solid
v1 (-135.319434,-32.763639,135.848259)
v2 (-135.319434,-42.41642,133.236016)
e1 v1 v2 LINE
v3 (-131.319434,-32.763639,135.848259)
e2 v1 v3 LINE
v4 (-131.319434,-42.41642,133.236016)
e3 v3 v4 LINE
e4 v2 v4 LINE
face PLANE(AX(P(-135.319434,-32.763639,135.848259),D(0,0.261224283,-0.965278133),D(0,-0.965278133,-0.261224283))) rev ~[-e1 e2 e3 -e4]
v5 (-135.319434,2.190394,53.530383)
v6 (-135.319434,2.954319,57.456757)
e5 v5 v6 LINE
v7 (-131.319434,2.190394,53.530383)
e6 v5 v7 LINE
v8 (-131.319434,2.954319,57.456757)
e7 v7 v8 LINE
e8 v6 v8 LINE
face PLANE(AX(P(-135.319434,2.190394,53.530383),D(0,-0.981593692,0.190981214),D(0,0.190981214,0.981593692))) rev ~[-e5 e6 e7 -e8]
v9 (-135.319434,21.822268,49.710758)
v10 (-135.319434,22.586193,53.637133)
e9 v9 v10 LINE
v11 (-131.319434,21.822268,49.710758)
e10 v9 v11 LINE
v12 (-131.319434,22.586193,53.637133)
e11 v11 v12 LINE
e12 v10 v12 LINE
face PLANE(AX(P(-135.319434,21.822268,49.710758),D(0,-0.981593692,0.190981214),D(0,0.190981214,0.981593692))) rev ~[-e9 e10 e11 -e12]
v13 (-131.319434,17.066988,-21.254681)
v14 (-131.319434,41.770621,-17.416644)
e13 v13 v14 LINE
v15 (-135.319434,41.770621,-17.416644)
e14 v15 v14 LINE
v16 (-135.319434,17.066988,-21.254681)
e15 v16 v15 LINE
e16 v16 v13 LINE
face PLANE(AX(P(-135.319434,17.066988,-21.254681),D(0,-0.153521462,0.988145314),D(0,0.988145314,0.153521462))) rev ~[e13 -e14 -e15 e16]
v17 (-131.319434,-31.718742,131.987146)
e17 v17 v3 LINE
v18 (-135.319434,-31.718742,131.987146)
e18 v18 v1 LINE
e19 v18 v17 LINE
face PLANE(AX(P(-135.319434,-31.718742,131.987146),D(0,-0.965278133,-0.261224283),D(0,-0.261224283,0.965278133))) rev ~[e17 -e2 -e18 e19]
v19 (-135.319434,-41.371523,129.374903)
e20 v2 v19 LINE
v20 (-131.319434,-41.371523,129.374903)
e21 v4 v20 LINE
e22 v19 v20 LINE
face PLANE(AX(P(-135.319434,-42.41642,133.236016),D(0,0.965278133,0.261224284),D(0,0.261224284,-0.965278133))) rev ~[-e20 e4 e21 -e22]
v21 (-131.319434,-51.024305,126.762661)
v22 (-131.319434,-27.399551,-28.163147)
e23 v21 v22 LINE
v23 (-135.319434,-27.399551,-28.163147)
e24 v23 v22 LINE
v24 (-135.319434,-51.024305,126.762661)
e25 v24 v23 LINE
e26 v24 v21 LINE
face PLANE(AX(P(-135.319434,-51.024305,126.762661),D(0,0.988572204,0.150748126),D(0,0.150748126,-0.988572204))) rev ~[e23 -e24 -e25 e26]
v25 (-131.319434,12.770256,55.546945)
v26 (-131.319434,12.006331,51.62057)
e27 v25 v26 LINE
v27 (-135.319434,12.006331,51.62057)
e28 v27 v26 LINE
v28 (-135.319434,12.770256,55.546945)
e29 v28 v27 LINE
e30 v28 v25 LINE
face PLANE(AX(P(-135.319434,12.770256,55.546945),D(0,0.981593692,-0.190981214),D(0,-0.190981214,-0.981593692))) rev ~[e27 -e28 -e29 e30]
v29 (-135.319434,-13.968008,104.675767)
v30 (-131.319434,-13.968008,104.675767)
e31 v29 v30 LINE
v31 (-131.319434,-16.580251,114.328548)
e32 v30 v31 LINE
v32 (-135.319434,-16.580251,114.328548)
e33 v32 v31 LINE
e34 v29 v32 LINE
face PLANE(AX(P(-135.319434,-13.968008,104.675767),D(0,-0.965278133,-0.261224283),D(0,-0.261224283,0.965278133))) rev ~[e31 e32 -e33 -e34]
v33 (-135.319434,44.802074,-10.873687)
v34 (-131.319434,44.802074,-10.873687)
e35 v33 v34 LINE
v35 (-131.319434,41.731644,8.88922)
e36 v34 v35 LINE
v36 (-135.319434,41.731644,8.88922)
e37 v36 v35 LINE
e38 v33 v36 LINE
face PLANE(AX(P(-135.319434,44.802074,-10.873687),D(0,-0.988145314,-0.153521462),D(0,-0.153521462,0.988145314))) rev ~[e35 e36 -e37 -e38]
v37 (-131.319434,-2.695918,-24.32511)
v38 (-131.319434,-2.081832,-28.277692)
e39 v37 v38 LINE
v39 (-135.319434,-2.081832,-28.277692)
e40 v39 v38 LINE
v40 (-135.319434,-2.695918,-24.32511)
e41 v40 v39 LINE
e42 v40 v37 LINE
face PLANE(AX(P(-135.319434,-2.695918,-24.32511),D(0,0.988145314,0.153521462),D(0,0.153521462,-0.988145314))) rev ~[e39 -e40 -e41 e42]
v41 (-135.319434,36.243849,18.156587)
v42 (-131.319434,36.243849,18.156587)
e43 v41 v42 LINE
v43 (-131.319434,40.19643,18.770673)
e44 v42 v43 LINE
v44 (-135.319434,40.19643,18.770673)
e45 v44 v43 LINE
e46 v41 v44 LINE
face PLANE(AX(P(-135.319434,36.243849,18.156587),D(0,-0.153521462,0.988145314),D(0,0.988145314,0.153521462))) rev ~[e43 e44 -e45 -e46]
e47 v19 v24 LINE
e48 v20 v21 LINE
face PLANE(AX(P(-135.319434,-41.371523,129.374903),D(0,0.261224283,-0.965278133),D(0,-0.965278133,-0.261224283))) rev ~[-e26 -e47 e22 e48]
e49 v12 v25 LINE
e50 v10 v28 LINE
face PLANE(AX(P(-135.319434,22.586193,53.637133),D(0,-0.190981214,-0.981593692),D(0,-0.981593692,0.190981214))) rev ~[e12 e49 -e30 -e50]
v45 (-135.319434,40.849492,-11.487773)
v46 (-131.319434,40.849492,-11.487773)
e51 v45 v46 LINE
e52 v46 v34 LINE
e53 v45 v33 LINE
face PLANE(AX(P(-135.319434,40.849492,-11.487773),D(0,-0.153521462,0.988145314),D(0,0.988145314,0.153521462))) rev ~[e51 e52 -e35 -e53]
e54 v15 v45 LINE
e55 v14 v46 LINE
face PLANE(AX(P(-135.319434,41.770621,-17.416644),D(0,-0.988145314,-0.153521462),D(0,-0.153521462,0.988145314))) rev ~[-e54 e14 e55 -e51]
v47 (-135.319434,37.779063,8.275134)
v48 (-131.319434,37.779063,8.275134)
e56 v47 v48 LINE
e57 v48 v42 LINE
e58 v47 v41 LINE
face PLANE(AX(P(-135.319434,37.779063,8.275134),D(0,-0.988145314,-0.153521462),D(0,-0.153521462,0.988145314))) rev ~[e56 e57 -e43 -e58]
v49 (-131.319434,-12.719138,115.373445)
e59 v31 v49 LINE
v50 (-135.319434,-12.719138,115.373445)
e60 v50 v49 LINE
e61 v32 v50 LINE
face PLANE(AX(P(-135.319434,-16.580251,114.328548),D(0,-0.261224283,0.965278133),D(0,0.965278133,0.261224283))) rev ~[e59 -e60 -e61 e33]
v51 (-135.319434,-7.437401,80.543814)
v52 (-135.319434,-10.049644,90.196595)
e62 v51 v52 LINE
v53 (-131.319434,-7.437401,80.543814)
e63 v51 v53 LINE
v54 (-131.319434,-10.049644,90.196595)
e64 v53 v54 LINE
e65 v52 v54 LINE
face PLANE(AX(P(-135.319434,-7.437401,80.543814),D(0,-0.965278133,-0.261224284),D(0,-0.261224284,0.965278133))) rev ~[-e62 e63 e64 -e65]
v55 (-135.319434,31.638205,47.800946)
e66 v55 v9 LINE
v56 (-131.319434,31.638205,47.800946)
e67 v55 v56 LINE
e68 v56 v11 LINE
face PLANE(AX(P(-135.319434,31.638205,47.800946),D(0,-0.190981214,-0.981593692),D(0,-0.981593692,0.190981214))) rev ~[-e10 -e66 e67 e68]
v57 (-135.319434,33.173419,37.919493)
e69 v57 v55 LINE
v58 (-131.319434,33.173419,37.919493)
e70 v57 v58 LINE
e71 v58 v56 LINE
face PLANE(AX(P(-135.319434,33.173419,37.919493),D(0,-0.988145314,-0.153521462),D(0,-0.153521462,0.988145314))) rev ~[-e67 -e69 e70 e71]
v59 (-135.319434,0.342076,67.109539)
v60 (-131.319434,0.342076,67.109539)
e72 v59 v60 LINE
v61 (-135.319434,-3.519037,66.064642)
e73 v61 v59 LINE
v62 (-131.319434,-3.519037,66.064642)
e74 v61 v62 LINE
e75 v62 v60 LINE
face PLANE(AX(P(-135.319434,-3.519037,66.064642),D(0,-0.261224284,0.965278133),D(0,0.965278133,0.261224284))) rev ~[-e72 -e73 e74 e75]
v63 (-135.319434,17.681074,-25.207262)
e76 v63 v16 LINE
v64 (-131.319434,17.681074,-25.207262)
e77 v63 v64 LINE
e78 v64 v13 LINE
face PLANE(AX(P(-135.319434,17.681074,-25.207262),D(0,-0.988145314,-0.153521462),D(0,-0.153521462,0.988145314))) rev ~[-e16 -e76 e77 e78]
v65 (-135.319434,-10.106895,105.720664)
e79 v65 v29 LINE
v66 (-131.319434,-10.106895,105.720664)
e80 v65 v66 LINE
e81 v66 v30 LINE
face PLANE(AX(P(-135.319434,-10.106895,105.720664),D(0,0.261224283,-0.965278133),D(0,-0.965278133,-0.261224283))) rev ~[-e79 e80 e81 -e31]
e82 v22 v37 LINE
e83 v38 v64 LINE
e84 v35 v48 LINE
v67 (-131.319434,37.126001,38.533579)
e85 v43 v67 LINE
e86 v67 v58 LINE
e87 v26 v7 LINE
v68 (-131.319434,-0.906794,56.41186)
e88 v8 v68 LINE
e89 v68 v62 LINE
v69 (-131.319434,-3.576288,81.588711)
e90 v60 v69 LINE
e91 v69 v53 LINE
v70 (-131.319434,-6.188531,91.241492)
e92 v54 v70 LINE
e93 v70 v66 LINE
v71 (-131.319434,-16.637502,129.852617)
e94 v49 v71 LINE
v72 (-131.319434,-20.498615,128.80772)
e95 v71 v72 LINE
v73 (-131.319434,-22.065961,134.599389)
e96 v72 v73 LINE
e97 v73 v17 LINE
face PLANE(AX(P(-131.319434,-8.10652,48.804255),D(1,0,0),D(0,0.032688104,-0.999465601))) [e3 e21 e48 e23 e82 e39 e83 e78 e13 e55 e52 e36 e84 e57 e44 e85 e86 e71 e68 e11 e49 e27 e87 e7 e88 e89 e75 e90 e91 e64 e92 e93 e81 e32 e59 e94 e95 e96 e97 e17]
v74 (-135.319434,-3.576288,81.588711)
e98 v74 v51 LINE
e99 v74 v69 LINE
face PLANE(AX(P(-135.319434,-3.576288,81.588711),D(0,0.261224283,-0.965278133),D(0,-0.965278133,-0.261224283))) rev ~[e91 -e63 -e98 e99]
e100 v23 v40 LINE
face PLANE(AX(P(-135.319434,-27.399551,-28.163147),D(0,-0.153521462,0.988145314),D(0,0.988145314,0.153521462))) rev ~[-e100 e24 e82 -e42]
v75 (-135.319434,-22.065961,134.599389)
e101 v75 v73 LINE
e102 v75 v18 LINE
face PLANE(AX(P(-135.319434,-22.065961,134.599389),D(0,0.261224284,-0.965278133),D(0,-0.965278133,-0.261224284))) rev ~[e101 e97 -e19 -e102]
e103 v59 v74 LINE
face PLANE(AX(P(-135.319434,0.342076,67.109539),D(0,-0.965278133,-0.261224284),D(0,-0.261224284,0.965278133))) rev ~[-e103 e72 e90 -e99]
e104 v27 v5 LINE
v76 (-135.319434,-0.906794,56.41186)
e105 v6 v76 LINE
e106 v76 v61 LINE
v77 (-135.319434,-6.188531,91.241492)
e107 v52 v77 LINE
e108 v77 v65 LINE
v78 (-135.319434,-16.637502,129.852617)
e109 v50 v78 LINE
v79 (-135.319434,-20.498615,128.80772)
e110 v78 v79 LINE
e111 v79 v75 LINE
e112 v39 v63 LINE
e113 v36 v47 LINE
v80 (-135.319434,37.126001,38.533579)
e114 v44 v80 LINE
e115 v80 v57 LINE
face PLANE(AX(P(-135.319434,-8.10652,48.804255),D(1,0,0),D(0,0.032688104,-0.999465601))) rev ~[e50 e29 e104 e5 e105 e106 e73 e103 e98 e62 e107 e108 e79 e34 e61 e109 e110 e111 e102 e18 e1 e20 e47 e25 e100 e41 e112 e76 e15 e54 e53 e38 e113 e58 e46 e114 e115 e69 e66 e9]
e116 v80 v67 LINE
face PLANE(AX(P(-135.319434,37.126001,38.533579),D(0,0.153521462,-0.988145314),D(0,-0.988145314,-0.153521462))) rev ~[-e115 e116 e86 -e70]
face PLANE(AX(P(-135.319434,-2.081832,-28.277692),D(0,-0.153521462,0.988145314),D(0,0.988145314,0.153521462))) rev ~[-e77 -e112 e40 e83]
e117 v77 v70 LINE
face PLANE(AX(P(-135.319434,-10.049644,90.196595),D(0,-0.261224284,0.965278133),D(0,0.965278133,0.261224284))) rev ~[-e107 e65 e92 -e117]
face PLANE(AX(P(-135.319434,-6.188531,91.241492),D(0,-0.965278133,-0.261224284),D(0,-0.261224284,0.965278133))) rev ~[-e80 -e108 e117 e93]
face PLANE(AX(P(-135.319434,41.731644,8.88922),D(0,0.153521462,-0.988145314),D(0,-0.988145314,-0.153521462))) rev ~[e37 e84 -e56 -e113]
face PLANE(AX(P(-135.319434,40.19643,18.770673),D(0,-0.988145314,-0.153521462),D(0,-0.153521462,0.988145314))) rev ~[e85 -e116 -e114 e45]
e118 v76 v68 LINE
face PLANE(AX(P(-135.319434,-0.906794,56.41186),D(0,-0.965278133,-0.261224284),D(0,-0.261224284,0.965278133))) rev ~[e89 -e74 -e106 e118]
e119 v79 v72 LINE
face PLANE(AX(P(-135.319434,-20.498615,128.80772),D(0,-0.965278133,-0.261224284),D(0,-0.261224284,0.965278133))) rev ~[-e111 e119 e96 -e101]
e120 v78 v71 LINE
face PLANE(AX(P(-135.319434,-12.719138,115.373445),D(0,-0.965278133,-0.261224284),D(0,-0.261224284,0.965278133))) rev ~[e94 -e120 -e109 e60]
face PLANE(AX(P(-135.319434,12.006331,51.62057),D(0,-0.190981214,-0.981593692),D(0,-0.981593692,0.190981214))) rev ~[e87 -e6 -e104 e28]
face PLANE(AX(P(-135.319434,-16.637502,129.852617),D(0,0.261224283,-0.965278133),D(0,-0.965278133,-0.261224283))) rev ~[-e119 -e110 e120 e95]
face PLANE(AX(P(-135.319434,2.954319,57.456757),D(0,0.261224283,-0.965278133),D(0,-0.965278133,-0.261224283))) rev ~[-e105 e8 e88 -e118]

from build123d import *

# Parameters (mm, degrees)
BOSS_EXTRUDE2_DEPTH = 4


with BuildPart() as part:
    # 3DSketch1 → Boss-Extrude2 (new body)
    with BuildSketch(Plane(origin=(-135.319434073, -27.39955072, -28.163146814), x_dir=(-1.1839737659606398e-15, -0.03268810373539661, 0.9994656011460245), z_dir=(-1, 0, 0))):
        Polygon((0, 0), (3.028470594, 24.815889383), (-0.942071707, 25.300444678), (1.480704768, 45.153156184), (5.451247069, 44.668600889), (8.479717663, 69.484490272), (14.435531115, 68.757657329), (14.92008641, 72.728199631), (34.772797916, 70.305423155), (34.288242621, 66.334880854), (44.214598374, 65.123492617), (44.699153669, 69.094034918), (64.551865176, 66.671258443), (64.067309881, 62.700716141), (73.993665634, 61.489327904), (76.223321536, 51.741064748), (80.122626798, 52.632927109), (82.3522827, 42.884663953), (78.452977438, 41.992801592), (80.68263334, 32.244538436), (84.581938602, 33.136400797), (83.663812307, 29.243195934), (93.396824464, 26.947880195), (94.31495076, 30.841085058), (108.914468996, 27.398111451), (107.996342701, 23.504906588), (117.729354858, 21.209590849), (118.647481154, 25.102795712), (133.24699939, 21.659822105), (132.328873095, 17.766617242), (142.061885253, 15.471301504), (142.980011548, 19.364506367), (157.579529784, 15.921532759), (156.661403489, 12.028327896), (162.501210784, 10.651138453), (160.205895045, 0.918126295), (164.099099908, 0), (161.80378417, -9.733012158), (157.910579307, -8.814885862), (155.615263569, -18.54789802), align=None)
    extrude(amount=-BOSS_EXTRUDE2_DEPTH)


solid = part.part
